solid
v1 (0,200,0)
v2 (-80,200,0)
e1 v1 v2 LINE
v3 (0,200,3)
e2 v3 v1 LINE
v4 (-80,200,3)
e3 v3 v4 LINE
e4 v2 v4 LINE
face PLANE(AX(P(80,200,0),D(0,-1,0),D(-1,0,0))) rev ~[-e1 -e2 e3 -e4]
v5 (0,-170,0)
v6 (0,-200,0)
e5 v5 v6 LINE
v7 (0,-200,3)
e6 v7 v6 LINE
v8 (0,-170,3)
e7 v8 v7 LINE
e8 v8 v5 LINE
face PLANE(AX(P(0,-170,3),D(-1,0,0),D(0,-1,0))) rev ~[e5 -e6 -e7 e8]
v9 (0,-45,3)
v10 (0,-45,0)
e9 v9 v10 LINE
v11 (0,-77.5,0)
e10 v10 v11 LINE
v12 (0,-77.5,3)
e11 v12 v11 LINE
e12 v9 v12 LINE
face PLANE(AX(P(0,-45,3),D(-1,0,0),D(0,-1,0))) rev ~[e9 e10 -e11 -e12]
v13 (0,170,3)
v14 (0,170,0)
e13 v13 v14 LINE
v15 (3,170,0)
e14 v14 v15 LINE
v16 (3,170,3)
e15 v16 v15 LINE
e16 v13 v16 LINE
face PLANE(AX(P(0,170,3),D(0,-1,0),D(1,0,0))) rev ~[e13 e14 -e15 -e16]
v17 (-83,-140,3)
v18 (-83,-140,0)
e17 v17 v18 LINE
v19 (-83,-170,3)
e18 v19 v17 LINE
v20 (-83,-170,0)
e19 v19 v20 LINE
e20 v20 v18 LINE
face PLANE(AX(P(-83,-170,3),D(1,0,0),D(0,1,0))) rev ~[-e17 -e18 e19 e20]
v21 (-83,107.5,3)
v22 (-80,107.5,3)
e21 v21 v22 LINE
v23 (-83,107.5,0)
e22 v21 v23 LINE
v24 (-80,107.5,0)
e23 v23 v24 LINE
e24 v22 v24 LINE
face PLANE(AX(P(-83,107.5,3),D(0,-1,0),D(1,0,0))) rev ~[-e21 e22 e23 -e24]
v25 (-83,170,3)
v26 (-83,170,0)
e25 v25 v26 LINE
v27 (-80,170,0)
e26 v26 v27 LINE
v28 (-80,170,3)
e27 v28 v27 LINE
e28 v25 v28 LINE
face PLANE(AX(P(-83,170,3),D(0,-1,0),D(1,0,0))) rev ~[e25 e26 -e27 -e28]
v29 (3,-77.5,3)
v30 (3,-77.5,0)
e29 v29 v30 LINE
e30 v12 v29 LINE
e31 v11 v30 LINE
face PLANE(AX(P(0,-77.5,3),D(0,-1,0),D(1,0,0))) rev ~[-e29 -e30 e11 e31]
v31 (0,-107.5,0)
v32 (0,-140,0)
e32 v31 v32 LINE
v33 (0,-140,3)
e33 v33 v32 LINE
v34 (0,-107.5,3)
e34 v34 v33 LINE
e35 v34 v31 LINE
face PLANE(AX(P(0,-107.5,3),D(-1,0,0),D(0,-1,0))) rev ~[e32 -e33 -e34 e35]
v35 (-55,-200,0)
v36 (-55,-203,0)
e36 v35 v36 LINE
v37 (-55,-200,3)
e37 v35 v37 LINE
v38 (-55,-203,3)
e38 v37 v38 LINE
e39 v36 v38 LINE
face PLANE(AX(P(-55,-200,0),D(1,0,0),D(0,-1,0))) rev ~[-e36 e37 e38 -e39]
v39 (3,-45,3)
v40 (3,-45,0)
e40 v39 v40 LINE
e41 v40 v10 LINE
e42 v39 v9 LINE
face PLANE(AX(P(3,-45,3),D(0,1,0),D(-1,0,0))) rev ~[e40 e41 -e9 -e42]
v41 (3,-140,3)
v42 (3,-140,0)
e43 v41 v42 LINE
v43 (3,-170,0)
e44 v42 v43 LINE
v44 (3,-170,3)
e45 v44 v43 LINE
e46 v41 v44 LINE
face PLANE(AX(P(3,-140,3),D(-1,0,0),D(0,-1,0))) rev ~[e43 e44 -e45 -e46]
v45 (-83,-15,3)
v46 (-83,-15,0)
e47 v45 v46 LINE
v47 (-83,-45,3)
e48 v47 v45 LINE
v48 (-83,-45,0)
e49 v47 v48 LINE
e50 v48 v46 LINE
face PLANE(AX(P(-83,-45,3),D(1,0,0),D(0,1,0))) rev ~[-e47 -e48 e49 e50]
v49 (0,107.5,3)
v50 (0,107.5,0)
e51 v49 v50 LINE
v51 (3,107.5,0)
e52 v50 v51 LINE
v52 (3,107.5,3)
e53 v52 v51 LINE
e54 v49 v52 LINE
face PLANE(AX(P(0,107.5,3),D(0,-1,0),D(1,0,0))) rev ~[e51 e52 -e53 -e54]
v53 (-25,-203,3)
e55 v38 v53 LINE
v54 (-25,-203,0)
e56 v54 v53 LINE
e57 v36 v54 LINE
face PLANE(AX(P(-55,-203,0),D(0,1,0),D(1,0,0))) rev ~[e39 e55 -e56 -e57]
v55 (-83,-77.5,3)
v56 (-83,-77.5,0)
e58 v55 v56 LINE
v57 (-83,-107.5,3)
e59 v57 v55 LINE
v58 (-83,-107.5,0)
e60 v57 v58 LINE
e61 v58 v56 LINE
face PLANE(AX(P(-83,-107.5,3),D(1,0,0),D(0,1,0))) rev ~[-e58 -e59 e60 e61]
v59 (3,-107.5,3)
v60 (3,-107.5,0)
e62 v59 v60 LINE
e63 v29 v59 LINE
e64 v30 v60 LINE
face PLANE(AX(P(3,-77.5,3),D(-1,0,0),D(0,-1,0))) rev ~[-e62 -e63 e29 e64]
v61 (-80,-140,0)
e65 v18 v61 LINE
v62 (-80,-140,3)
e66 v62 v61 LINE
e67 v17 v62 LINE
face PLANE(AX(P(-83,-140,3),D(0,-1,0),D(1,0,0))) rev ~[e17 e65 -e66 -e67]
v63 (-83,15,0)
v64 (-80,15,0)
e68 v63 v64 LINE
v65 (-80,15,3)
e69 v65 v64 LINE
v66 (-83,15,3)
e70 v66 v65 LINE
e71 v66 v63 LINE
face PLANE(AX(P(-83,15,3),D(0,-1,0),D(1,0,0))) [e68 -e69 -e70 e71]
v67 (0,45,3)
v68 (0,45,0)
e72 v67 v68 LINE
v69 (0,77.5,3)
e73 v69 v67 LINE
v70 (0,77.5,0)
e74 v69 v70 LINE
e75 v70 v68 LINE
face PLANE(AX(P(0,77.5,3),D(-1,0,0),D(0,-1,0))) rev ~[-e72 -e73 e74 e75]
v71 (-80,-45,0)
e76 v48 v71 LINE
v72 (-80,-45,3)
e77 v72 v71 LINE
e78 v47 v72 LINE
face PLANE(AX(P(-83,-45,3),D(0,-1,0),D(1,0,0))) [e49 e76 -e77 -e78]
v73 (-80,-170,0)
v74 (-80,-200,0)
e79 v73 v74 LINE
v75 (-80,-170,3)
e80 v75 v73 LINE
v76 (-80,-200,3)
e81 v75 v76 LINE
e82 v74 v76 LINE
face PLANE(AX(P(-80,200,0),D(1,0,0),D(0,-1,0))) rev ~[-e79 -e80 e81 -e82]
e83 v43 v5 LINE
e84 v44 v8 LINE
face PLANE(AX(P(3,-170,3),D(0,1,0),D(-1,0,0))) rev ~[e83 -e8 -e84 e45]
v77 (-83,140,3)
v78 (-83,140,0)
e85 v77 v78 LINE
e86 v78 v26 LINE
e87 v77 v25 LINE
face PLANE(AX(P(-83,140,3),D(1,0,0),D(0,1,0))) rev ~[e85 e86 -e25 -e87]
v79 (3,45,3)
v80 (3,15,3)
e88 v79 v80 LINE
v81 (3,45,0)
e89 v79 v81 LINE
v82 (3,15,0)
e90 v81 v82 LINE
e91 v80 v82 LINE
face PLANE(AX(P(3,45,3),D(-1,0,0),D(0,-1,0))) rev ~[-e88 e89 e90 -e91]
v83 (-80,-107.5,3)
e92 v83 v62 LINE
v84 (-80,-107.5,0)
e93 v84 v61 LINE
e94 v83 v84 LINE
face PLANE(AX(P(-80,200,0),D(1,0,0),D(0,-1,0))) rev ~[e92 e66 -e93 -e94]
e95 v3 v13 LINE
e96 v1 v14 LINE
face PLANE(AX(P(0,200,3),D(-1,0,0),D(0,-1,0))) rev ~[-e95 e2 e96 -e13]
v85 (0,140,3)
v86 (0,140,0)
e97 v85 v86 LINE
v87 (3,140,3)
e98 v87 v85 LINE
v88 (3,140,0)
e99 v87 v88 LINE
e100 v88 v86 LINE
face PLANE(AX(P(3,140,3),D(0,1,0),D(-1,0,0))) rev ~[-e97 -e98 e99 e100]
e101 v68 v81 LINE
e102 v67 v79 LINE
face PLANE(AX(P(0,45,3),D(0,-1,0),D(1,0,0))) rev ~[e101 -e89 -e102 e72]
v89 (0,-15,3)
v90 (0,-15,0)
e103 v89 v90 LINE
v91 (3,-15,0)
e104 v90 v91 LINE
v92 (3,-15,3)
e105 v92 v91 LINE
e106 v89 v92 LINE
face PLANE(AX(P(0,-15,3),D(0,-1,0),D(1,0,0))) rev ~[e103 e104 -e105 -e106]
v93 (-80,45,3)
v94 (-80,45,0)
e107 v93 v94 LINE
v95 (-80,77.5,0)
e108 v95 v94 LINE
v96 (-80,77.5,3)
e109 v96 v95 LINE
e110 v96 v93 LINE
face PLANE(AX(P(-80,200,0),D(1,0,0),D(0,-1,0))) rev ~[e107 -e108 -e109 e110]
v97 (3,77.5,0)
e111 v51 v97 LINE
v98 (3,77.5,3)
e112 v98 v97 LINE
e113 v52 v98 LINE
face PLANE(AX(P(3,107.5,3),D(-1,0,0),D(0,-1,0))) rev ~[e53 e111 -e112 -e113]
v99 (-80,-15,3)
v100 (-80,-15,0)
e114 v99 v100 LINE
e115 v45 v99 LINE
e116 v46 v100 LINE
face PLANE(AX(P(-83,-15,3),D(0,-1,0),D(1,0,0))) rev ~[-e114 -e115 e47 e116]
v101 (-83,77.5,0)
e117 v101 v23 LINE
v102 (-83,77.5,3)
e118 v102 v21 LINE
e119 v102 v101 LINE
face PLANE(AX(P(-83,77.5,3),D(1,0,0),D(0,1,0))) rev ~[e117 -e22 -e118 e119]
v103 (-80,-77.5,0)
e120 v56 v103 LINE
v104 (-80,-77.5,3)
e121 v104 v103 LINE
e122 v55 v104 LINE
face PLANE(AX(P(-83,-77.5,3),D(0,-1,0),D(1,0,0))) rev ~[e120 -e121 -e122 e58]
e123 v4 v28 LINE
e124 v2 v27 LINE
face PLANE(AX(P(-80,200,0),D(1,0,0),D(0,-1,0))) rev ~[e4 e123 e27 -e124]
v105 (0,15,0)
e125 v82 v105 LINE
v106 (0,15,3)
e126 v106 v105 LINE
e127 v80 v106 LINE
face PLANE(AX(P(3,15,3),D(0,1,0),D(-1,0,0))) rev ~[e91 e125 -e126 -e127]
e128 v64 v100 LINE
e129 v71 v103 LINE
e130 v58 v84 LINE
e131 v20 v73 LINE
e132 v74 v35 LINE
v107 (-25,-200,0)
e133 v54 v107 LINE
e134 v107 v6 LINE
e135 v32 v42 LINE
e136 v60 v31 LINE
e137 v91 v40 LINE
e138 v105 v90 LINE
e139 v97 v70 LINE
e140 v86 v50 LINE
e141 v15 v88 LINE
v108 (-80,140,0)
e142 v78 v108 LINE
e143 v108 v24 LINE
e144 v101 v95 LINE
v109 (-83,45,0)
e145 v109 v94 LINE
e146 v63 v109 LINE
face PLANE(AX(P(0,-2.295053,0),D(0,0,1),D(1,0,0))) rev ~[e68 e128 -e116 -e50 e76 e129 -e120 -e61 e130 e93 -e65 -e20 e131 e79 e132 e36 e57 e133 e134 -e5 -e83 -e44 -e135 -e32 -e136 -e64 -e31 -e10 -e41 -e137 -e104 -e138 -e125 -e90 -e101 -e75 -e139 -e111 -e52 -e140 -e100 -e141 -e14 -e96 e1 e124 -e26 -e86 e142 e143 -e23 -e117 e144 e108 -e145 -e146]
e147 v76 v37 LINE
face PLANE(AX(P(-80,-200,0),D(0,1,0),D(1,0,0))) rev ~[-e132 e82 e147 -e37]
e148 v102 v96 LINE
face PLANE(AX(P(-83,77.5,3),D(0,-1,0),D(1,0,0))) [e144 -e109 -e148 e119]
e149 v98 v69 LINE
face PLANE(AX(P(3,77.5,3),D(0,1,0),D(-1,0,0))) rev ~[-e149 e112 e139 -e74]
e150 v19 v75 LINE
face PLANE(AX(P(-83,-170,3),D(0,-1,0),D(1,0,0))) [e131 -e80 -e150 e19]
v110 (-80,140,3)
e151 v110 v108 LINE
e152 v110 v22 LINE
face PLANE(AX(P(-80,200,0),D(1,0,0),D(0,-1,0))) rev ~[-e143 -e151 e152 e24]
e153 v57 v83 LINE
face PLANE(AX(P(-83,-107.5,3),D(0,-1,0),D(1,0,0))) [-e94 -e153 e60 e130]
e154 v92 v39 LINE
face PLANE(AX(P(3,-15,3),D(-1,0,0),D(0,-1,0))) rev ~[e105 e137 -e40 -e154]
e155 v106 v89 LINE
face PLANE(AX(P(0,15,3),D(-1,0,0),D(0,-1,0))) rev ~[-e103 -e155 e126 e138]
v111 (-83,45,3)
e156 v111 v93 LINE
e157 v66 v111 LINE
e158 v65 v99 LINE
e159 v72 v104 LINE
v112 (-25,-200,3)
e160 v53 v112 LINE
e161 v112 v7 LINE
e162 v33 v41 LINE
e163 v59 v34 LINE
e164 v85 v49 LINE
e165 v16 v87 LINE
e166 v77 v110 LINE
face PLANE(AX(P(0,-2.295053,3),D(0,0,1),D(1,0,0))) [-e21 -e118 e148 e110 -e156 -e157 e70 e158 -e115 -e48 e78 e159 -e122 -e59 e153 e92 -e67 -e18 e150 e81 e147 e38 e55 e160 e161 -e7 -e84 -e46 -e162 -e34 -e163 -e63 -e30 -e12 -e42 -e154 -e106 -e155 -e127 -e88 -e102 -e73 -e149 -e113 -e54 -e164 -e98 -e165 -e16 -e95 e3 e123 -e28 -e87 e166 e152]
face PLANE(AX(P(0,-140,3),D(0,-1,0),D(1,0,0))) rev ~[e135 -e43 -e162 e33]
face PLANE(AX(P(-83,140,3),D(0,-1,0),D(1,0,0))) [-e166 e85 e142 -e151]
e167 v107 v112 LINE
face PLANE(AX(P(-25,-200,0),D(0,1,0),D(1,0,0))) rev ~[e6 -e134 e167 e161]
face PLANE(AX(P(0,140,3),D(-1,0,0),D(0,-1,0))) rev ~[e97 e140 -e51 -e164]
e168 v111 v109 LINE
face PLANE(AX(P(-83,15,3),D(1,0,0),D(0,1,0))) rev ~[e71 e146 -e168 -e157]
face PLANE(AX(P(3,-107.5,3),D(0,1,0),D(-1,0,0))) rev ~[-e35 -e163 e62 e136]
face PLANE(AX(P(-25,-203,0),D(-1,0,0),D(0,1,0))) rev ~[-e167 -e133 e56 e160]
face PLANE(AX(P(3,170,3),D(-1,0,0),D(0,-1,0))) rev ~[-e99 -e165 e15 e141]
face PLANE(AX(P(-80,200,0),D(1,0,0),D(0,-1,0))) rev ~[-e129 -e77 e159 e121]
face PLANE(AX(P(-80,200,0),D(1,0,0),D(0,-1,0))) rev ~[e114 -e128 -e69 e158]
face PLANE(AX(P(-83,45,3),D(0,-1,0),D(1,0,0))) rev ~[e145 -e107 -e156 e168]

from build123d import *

# Parameters (mm, degrees)
RESSALTO_EXTRUS_O1_DEPTH = 3
CORTE_EXTRUS_O3_DEPTH    = 219.215489826
ESBO_O4_W                = 3
ESBO_O4_H                = 30
RESSALTO_EXTRUS_O3_DEPTH = 3


with BuildPart() as part:
    # Esboço1 → Ressalto-extrusão1 (new body)
    with BuildSketch(Plane.XY):
        Polygon((-80, -200), (-55, -200), (-55, -203), (-25, -203), (-25, -200), (25, -200), (25, -203), (55, -203), (55, -200), (80, -200), (80, 200), (-80, 200), align=None)
    extrude(amount=RESSALTO_EXTRUS_O1_DEPTH)

    # Esboço2 → Corte-extrusão3 (cut, through all)
    with BuildSketch(Plane.XY.offset(3)):
        Polygon((0, 200), (0, 170), (3, 170), (3, 140), (0, 140), (0, 107.5), (3, 107.5), (3, 77.5), (0, 77.5), (0, 45), (3, 45), (3, 15), (0, 15), (0, -15), (3, -15), (3, -45), (0, -45), (0, -77.5), (3, -77.5), (3, -107.5), (0, -107.5), (0, -140), (3, -140), (3, -170), (0, -170), (0, -200), (25, -200), (25, -203), (55, -203), (55, -200), (80, -200), (80, 200), align=None)
    extrude(amount=-CORTE_EXTRUS_O3_DEPTH, mode=Mode.SUBTRACT)

    # Esboço4 → Ressalto-extrusão3 (add)
    with BuildSketch(Plane.XY.offset(3)):
        with Locations((-81.5, 155)):
            Rectangle(ESBO_O4_W, ESBO_O4_H)
        with Locations((-81.5, 92.5)):
            Rectangle(ESBO_O4_W, ESBO_O4_H)
        with Locations((-81.5, 30)):
            Rectangle(ESBO_O4_W, ESBO_O4_H)
        with Locations((-81.5, -30)):
            Rectangle(ESBO_O4_W, ESBO_O4_H)
        with Locations((-81.5, -92.5)):
            Rectangle(ESBO_O4_W, ESBO_O4_H)
        with Locations((-81.5, -155)):
            Rectangle(ESBO_O4_W, ESBO_O4_H)
    extrude(amount=-RESSALTO_EXTRUS_O3_DEPTH)


solid = part.part
